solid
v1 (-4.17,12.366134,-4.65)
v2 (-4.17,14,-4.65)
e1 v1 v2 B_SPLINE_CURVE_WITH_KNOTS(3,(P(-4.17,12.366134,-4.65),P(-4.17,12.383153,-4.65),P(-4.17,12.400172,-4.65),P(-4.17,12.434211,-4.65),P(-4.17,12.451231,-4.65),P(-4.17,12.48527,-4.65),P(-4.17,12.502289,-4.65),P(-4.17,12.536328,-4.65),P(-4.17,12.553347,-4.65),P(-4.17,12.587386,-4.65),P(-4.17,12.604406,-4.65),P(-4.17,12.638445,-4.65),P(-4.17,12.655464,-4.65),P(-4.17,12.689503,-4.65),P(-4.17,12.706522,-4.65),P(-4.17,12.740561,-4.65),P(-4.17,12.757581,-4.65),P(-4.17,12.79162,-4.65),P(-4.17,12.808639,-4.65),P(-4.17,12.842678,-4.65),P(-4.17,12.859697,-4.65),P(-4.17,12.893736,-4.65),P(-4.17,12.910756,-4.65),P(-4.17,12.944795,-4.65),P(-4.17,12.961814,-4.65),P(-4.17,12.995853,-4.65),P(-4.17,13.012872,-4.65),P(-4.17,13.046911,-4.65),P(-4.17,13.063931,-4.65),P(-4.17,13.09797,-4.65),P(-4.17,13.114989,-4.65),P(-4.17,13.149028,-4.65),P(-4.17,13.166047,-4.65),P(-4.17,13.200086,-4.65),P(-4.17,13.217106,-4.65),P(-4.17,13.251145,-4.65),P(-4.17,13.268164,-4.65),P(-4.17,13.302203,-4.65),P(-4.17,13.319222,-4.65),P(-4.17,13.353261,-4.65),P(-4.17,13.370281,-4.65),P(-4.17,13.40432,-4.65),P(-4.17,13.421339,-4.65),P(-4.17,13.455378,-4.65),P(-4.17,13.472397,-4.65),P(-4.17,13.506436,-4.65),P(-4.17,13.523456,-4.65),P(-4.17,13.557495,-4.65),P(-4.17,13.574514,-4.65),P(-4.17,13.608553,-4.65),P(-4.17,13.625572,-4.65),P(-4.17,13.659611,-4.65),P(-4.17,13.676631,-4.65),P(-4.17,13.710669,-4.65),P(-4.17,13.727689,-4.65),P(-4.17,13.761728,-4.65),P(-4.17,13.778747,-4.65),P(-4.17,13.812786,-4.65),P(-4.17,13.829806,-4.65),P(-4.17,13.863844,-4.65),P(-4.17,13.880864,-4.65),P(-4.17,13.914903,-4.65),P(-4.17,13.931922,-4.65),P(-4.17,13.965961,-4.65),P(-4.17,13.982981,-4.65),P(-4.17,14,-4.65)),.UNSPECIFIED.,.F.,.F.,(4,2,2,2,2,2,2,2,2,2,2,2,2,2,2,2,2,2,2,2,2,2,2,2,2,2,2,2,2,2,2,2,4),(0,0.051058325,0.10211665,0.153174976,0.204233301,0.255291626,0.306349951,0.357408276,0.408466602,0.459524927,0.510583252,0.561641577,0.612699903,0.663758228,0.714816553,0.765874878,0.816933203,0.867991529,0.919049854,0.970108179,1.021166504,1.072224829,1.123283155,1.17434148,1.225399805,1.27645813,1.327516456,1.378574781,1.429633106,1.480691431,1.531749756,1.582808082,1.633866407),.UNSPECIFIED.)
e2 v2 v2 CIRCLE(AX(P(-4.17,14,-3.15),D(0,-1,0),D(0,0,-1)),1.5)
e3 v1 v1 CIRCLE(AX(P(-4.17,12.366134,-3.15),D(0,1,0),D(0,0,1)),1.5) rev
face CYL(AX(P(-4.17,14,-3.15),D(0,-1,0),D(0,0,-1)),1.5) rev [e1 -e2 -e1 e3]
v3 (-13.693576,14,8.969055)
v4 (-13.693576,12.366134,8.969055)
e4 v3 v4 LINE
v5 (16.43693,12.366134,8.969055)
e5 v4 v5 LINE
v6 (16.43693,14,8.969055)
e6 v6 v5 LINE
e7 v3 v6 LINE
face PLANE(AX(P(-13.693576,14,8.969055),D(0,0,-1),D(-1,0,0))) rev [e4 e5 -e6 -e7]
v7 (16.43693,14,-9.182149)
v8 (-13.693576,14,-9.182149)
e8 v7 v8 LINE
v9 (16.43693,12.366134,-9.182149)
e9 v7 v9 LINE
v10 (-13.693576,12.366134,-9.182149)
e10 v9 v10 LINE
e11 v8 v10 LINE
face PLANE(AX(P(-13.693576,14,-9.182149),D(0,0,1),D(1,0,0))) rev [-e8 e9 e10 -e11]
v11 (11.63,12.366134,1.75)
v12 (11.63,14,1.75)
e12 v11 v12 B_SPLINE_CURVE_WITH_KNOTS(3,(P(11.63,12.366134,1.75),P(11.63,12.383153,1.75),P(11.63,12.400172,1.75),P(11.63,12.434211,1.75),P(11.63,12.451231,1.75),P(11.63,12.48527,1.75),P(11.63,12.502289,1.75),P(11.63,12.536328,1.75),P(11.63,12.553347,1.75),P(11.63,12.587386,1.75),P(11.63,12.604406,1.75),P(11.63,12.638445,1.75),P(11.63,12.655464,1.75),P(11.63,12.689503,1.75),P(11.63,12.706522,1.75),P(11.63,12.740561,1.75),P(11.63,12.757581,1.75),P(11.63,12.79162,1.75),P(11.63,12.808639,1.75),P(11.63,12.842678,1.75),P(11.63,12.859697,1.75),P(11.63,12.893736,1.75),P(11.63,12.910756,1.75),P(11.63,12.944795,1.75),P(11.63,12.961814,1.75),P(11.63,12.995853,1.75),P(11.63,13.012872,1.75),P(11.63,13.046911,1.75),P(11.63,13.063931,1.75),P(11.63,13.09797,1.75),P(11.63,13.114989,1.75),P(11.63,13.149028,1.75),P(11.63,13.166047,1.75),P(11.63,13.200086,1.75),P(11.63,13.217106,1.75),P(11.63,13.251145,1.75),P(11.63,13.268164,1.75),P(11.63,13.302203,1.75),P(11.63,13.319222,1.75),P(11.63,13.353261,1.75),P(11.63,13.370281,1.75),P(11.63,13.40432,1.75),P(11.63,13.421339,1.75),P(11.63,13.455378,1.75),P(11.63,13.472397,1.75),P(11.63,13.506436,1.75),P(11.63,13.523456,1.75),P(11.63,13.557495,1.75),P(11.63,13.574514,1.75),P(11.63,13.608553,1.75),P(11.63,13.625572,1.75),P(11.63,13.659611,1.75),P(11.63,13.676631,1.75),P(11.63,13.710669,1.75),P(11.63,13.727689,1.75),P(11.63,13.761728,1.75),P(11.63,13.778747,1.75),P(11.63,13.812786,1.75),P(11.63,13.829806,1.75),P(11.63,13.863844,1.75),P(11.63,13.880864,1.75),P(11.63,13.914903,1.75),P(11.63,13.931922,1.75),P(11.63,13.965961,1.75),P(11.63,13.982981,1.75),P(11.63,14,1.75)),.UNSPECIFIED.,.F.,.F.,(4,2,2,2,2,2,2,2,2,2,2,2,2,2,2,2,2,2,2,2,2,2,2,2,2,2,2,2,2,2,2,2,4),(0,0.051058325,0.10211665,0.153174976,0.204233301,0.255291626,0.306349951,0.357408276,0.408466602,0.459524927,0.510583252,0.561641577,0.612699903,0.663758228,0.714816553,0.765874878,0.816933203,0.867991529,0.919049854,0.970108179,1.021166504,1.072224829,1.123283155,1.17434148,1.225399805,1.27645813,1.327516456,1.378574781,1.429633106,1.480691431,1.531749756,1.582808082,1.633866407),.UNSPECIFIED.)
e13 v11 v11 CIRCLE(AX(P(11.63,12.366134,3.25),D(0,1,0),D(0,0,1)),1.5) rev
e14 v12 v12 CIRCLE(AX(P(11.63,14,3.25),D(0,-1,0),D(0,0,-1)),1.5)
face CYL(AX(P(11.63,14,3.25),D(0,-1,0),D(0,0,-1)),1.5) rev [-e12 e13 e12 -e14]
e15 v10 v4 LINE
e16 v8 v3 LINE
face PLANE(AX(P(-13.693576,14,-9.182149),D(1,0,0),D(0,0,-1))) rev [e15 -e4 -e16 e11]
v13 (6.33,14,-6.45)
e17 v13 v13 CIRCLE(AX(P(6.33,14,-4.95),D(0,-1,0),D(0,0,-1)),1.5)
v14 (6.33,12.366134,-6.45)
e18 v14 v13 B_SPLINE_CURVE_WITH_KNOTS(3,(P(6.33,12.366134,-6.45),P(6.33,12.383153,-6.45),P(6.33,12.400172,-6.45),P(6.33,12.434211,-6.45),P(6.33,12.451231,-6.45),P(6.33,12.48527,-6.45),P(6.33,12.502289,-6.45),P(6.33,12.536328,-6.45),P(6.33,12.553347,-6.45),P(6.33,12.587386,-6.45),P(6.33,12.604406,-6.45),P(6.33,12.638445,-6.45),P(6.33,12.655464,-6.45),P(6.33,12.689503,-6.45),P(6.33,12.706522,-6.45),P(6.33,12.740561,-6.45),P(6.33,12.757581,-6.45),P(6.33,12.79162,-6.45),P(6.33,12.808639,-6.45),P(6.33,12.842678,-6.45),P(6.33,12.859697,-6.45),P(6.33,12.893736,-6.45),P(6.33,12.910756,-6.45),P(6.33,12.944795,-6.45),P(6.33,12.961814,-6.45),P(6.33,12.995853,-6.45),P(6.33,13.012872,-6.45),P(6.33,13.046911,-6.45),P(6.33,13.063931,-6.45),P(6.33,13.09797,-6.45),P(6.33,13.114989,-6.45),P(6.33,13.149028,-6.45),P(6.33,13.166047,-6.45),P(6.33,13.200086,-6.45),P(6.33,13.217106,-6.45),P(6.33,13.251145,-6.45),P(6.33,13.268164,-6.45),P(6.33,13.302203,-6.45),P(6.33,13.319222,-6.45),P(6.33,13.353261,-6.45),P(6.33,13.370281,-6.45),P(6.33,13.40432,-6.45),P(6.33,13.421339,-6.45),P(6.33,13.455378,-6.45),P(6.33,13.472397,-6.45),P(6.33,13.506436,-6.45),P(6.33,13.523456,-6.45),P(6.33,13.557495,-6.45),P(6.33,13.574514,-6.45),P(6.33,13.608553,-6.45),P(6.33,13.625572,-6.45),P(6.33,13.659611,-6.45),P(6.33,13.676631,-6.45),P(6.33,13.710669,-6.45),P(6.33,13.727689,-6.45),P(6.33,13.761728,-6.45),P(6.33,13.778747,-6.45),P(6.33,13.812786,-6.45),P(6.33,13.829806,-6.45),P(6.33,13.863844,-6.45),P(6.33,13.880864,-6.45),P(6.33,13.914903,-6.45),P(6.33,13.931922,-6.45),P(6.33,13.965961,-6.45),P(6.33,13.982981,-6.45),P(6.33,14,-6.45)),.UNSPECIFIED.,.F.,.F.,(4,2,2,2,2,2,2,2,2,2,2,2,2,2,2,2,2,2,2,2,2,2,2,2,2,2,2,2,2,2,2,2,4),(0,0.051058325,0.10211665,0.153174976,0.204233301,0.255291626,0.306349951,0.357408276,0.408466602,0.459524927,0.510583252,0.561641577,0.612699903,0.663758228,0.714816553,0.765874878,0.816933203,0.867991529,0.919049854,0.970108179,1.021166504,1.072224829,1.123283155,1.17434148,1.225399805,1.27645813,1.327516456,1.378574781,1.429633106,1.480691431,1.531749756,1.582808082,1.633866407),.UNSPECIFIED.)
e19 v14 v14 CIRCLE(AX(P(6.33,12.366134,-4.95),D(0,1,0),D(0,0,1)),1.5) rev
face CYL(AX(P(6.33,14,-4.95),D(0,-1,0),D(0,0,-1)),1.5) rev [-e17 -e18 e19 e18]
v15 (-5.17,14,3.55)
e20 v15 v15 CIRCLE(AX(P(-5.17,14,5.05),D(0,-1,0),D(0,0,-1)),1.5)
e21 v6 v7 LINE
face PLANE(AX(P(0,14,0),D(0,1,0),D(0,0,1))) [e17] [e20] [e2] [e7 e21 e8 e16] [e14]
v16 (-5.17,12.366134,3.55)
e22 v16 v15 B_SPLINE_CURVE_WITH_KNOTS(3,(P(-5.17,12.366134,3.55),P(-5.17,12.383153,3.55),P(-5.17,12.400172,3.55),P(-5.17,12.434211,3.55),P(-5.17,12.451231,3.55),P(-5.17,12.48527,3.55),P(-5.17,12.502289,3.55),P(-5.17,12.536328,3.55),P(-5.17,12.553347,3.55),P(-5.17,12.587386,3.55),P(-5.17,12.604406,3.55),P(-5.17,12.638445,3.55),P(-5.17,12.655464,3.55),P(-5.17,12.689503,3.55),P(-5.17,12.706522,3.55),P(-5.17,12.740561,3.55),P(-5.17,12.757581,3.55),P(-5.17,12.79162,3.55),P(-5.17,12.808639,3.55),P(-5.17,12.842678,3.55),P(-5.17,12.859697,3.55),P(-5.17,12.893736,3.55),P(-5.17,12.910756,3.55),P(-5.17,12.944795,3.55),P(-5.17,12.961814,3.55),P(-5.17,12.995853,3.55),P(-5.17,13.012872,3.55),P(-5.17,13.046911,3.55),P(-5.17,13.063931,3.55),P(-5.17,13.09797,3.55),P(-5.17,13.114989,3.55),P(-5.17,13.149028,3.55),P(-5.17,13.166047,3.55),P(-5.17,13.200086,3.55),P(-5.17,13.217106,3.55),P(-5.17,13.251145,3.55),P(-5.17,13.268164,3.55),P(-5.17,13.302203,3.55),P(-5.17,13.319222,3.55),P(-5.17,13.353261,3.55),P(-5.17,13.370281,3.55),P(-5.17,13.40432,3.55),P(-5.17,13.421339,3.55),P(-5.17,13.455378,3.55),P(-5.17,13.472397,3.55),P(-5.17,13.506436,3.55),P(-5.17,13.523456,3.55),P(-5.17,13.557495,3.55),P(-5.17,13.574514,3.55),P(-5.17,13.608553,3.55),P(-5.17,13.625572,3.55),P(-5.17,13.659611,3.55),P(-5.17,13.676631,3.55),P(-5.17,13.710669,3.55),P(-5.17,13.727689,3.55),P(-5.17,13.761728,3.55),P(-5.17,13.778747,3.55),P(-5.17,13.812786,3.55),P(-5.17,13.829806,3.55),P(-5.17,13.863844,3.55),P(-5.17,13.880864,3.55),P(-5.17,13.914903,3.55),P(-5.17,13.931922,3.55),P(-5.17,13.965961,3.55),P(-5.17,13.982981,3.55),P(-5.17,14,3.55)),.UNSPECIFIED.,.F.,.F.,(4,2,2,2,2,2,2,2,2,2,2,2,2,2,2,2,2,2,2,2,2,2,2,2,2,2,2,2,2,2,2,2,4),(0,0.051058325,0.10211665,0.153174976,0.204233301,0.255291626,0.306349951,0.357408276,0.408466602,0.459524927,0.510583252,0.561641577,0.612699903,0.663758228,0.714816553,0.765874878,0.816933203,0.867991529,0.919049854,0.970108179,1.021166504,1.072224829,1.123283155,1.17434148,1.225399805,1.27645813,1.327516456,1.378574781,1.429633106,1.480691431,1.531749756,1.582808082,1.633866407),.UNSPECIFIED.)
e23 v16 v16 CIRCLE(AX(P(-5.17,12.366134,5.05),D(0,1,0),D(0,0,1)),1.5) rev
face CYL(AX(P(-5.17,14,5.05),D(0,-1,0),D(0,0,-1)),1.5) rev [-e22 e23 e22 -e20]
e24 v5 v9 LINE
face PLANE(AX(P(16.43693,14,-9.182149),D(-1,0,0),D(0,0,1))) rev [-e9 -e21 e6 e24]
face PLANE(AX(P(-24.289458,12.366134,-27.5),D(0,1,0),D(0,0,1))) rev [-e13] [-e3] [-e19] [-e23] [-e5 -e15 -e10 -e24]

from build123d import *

# Parameters (mm, degrees)
SKETCH1_W               = 35
SKETCH1_H               = 55
SKETCH1_R               = 1.5
SKETCH1_W_2             = 1.053264104
SKETCH1_H_2             = 1.810086697
BOSS_EXTRUDE1_DEPTH     = 3
SKETCH2_W               = 30.130506089
SKETCH2_H               = 18.151203477
BOSS_EXTRUDE2_DEPTH     = 11
SKETCH4_W               = 25.972666726
SKETCH4_H               = 17.735623468
CUT_EXTRUDE2_DEPTH      = 4
CUT_EXTRUDE3_DEPTH      = 36.47534355
CUT_EXTRUDE3_DEPTH_BACK = 36.47534355
SKETCH6_R               = 1.5
CUT_EXTRUDE4_DEPTH      = 35.095454242
CUT_EXTRUDE4_DEPTH_BACK = 2.5
SKETCH7_R               = 3
SKETCH8_W               = 48.556860944
SKETCH8_H               = 13.798997775
CUT_EXTRUDE5_DEPTH      = 60.390655831


with BuildPart() as part:
    # Sketch1 → Boss-Extrude1 (new body)
    with BuildSketch(Plane(origin=(0, 0, 0), x_dir=(1, 0, 0), z_dir=(0, 1, 0))):
        Rectangle(SKETCH1_W, SKETCH1_H)
        with Locations(Location((12.5, 25, 0), (0, 0, 270))):
            Circle(SKETCH1_R, mode=Mode.SUBTRACT)
        with Locations(Location((-12.5, 25, 0), (0, 0, 270))):
            Circle(SKETCH1_R, mode=Mode.SUBTRACT)
        with Locations(Location((12.5, -25, 0), (0, 0, 270))):
            Circle(SKETCH1_R, mode=Mode.SUBTRACT)
        with Locations(Location((-12.5, -25, 0), (0, 0, 270))):
            Circle(SKETCH1_R, mode=Mode.SUBTRACT)
        with Locations((14.770586435, -21.896230663)):
            Rectangle(SKETCH1_W_2, SKETCH1_H_2, mode=Mode.SUBTRACT)
    extrude(amount=BOSS_EXTRUDE1_DEPTH)

    # Sketch2 → Boss-Extrude2 (add)
    with BuildSketch(Plane(origin=(0, 3, 0), x_dir=(1, 0, 0), z_dir=(0, 1, 0))):
        with Locations((1.371677436, 0.106547158)):
            Rectangle(SKETCH2_W, SKETCH2_H)
    extrude(amount=BOSS_EXTRUDE2_DEPTH)

    # Sketch4 → Cut-Extrude2 (cut)
    with BuildSketch(Plane.XZ):
        with Locations((1.214862274, -0.038232514)):
            Rectangle(SKETCH4_W, SKETCH4_H)
    extrude(amount=-CUT_EXTRUDE2_DEPTH, mode=Mode.SUBTRACT)

    # Sketch6 → Cut-Extrude3 (cut, two sides: drawn at the far end of the back side and taken through both)
    with BuildSketch(Plane.XZ.offset(-CUT_EXTRUDE3_DEPTH_BACK)):
        with Locations(Location((11.63, 3.25, 0), (0, 0, 270))):
            Circle(SKETCH6_R)
        with Locations(Location((-5.17, 5.05, 0), (0, 0, 270))):
            Circle(SKETCH6_R)
        with Locations(Location((-4.17, -3.15, 0), (0, 0, 270))):
            Circle(SKETCH6_R)
        with Locations(Location((6.33, -4.95, 0), (0, 0, 270))):
            Circle(SKETCH6_R)
    extrude(amount=CUT_EXTRUDE3_DEPTH + CUT_EXTRUDE3_DEPTH_BACK, mode=Mode.SUBTRACT)

    # Sketch7 → Cut-Extrude4 (cut, two sides: drawn at the far end of the back side and taken through both)
    with BuildSketch(Plane.XZ.offset(-4).offset(-CUT_EXTRUDE4_DEPTH_BACK)):
        with Locations(Location((-5.17, 5.05, 0), (0, 0, 90))):
            Circle(SKETCH7_R)
        with Locations(Location((-4.17, -3.15, 0), (0, 0, 90))):
            Circle(SKETCH7_R)
        with Locations(Location((6.33, -4.95, 0), (0, 0, 90))):
            Circle(SKETCH7_R)
        with Locations(Location((11.63, 3.25, 0), (0, 0, 31.011355011))):
            Circle(SKETCH7_R)
    extrude(amount=CUT_EXTRUDE4_DEPTH + CUT_EXTRUDE4_DEPTH_BACK, mode=Mode.SUBTRACT)

    # Sketch8 → Cut-Extrude5 (cut, through all)
    with BuildSketch(Plane.XY.offset(27.5)):
        with Locations((-0.01102719, 5.466634706)):
            Rectangle(SKETCH8_W, SKETCH8_H)
    extrude(amount=-CUT_EXTRUDE5_DEPTH, mode=Mode.SUBTRACT)


solid = part.part
